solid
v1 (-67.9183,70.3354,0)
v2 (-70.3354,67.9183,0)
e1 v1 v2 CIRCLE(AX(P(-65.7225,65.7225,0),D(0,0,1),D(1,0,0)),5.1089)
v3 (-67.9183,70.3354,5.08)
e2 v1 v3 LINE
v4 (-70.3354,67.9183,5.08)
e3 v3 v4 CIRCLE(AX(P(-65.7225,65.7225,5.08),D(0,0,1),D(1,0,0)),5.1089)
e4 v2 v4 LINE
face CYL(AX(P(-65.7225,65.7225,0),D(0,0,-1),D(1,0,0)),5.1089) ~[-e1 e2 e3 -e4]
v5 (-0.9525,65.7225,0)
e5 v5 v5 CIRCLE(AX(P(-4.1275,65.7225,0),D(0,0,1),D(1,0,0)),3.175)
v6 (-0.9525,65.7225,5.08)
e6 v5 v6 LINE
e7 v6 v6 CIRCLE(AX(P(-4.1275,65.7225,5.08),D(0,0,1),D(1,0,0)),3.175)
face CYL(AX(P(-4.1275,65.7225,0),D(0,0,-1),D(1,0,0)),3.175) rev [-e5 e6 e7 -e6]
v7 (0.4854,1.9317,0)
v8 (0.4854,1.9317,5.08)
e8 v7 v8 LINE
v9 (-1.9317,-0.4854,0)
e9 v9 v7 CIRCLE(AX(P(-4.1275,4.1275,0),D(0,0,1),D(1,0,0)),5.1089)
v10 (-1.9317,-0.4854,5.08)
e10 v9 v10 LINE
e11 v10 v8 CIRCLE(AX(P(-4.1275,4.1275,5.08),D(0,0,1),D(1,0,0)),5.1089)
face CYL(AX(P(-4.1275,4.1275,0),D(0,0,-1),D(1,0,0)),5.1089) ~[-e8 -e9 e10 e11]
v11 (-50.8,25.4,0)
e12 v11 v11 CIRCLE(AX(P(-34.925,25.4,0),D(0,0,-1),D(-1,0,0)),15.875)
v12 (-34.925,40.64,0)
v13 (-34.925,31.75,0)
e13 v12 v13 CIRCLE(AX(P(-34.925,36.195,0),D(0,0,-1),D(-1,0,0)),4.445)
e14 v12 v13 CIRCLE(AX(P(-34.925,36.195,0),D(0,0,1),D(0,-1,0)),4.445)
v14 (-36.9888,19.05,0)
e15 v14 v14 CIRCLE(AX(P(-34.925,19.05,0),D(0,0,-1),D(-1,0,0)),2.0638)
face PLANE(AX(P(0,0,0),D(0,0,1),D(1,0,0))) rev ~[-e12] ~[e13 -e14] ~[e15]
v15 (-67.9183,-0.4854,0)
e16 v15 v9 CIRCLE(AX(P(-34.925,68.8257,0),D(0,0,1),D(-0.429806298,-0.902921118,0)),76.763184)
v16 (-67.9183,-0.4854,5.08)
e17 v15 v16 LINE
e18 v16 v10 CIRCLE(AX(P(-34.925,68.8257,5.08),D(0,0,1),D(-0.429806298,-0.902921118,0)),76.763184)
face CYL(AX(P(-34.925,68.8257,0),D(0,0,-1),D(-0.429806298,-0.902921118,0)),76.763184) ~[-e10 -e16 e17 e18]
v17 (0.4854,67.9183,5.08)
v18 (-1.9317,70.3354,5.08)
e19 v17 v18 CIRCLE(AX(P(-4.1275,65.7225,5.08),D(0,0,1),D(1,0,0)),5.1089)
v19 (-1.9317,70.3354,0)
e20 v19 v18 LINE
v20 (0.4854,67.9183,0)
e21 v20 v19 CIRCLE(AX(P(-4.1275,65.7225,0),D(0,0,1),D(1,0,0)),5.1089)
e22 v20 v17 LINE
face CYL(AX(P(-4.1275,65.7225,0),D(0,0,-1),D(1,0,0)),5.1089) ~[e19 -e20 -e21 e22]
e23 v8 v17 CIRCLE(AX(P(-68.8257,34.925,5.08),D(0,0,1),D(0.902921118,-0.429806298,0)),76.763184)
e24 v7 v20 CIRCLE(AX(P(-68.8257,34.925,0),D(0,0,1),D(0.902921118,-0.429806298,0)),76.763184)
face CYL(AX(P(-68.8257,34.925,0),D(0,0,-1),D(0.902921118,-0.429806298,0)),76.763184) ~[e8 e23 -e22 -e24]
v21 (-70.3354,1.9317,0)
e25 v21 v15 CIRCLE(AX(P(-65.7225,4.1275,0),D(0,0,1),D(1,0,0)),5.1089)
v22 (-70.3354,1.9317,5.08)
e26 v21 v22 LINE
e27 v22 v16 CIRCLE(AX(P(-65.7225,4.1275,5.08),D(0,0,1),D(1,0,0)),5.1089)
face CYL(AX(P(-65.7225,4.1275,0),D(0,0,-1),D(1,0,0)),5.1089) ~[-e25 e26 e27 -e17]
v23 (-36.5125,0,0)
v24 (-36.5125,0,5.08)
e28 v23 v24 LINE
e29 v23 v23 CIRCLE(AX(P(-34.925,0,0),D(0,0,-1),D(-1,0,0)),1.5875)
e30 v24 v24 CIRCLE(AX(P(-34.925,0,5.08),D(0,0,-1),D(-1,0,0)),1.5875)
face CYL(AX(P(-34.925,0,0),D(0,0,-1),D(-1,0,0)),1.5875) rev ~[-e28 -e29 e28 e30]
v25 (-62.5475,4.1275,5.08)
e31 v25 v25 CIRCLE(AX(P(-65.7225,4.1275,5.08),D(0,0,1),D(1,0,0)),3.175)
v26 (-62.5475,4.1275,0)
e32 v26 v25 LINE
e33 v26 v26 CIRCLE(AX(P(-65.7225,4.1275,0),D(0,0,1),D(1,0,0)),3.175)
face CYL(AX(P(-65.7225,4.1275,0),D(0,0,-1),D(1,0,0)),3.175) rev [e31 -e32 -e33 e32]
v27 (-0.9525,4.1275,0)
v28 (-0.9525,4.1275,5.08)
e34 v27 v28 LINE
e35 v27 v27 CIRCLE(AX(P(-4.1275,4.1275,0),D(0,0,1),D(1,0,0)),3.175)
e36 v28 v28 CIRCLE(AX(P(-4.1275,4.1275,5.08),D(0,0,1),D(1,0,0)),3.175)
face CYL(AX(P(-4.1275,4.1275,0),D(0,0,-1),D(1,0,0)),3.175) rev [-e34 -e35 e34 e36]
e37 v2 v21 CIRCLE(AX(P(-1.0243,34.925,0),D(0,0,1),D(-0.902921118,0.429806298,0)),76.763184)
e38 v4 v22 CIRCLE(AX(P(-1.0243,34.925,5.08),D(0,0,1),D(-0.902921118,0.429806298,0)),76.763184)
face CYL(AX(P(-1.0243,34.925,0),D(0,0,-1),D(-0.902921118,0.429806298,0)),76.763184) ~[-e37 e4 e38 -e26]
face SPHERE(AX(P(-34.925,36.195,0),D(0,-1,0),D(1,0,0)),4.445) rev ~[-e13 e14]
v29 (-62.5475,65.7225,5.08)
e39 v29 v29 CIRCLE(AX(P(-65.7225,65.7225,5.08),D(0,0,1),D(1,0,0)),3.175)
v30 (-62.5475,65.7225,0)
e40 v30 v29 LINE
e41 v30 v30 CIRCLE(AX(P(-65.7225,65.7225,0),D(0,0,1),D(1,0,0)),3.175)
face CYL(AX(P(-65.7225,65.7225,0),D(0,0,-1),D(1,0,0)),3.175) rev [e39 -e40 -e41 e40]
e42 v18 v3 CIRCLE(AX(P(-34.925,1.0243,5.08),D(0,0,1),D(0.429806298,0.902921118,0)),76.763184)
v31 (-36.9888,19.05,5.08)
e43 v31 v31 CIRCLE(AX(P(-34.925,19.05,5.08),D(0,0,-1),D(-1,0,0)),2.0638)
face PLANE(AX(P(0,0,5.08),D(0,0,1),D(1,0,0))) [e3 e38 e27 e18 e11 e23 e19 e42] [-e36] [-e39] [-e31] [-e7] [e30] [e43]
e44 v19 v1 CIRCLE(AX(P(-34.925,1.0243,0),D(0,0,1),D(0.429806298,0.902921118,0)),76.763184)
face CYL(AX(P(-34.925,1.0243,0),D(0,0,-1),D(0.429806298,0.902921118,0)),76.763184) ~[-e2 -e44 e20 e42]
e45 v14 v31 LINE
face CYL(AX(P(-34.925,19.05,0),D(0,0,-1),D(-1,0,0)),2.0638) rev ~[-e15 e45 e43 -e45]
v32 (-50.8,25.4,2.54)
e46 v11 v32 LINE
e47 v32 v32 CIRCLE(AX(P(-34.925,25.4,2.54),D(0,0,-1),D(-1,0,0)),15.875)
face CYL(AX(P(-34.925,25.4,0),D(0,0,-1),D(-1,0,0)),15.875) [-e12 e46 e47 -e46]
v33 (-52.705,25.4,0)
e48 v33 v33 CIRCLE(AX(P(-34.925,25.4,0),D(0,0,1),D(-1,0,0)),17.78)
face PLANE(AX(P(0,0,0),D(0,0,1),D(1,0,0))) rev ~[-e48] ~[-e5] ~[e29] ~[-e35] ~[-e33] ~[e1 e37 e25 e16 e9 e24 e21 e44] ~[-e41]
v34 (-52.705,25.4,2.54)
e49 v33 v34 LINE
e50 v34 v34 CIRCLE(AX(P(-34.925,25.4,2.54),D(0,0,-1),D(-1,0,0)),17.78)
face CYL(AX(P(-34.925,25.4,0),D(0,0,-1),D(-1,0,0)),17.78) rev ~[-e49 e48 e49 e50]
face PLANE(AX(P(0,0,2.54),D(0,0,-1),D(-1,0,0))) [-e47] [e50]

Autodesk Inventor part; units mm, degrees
ref_plane "YZ Plane" through (0, 0, 0) normal (1, 0, 0) x (0, 1, 0)
ref_plane "XZ Plane" through (0, 0, 0) normal (0, 1, 0) x (-1, 0, 0)
ref_plane "XY Plane" through (0, 0, 0) normal (0, 0, 1) x (1, 0, 0)
sketch "Sketch1" plane through (0, 0, 0) normal (0, 0, 1) x (1, 0, 0)
  circle A0 centre (-65.7225, 65.7225) radius 3.175
  circle A1 centre (-4.1275, 65.7225) radius 3.175
  circle A2 centre (-4.1275, 4.1275) radius 3.175
  circle A3 centre (-65.7225, 4.1275) radius 3.175
  arc A4 (-67.9183, -0.4854) -> (-1.9317, -0.4854) centre (-34.925, 68.8257) ccw
  arc A5 (-1.9317, 70.3354) -> (-67.9183, 70.3354) centre (-34.925, 1.0243) ccw
  arc A6 (-70.3354, 67.9183) -> (-70.3354, 1.9317) centre (-1.0243, 34.925) ccw
  arc A7 (0.4854, 1.9317) -> (0.4854, 67.9183) centre (-68.8257, 34.925) ccw
  circle A8 centre (-65.7225, 65.7225) radius 5.1089
  circle A9 centre (-4.1275, 65.7225) radius 5.1089
  circle A10 centre (-65.7225, 4.1275) radius 5.1089
  circle A11 centre (-4.1275, 4.1275) radius 5.1089
  arc A12 (-69.85, 62.7118) -> (-69.85, 7.1382) centre (-1.0243, 34.925) ccw
  arc A13 (-7.1382, 69.85) -> (-62.7118, 69.85) centre (-34.925, 1.0243) ccw
  arc A14 (0, 7.1382) -> (0, 62.7118) centre (-68.8257, 34.925) ccw
  arc A15 (-62.7118, 0) -> (-7.1382, 0) centre (-34.925, 68.8257) ccw
  point P0 (0, 0)
  point P1 (-34.925, 77.7875)
  point P2 (-34.925, -7.9375)
  point P3 (-77.7875, 34.925)
  point P4 (7.9375, 34.925)
  point P5 (-34.925, 77.7875)
  point P6 (-34.925, -7.9375)
  dimension "d36" = 6.35
  dimension "d37" = 61.595
  dimension "d38" = 61.595
  dimension "d39" = 85.725
  dimension "d40" = 2.54
  dimension "d41" = 2.54
  dimension "d42" = 2.54
  dimension "d43" = 2.54
  dimension "d44" = 67.8014
  dimension "d45" = 67.8014
extrude "Extrusion1" add sketch "Sketch1" along normal blind 5.08
sketch "Sketch2" plane through (0, 0, 0) normal (0, 0, -1) x (-1, 0, 0)
  circle A0 centre (34.925, 25.4) radius 17.78
  circle A1 centre (34.925, 25.4) radius 15.875
  circle A2 centre (34.925, 19.05) radius 2.0638
  circle A3 centre (34.925, 0) radius 1.5875
  circle A4 centre (34.925, 36.195) radius 4.445
  line L0 (34.925, 40.64) -> (34.925, 31.75)
  circle A5 centre (4.1275, 4.1275) radius 3.175 projected
  circle A6 centre (65.7225, 4.1275) radius 3.175 projected
  circle A7 centre (4.1275, 65.7225) radius 3.175 projected
  circle A8 centre (65.7225, 65.7225) radius 3.175 projected
  arc A9 (1.9317, -0.4854) -> (67.9183, -0.4854) centre (34.925, 68.8257) ccw projected
  arc A10 (67.9183, -0.4854) -> (70.3354, 1.9317) centre (65.7225, 4.1275) ccw projected
  arc A11 (70.3354, 1.9317) -> (70.3354, 67.9183) centre (1.0243, 34.925) ccw projected
  arc A12 (70.3354, 67.9183) -> (67.9183, 70.3354) centre (65.7225, 65.7225) ccw projected
  arc A13 (67.9183, 70.3354) -> (1.9317, 70.3354) centre (34.925, 1.0243) ccw projected
  arc A14 (1.9317, 70.3354) -> (-0.4854, 67.9183) centre (4.1275, 65.7225) ccw projected
  arc A15 (-0.4854, 67.9183) -> (-0.4854, 1.9317) centre (68.8257, 34.925) ccw projected
  arc A16 (-0.4854, 1.9317) -> (1.9317, -0.4854) centre (4.1275, 4.1275) ccw projected
  line L1 (50.8794, 25.4) -> (50.8794, 6.1059) projected
  arc A17 (50.8794, 25.4) -> (18.9706, 25.4) centre (34.925, 25.4) ccw projected
  line L2 (18.9706, 6.1059) -> (18.9706, 25.4) projected
  spline S0 degree 3 poles (14.9225, 8.7528) (15.0016, 8.6923) (15.081, 8.6322) (15.1606, 8.5725) (15.5075, 8.3124) (15.8596, 8.059) (16.5735, 7.5663) (16.9354, 7.3271) (17.3017, 7.0951) (17.668, 6.8631) (18.039, 6.6383) (18.5987, 6.3141) (18.7842, 6.2091) (18.9706, 6.1059) knots -0.55013 -0.55013 -0.55013 -0.55013 -0.52027 -0.52027 -0.52027 -0.390203 -0.390203 -0.260135 -0.260135 -0.260135 -0.130068 -0.130068 -0.066158 -0.066158 -0.066158 -0.066158 projected
  line L3 (14.9225, 8.7528) -> (14.9225, 25.4) projected
  arc A18 (54.9275, 25.4) -> (14.9225, 25.4) centre (34.925, 25.4) ccw projected
  line L4 (54.9275, 25.4) -> (54.9275, 8.7528) projected
  spline S1 degree 3 poles (50.8794, 6.1059) (51.0658, 6.2091) (51.2512, 6.3141) (51.811, 6.6383) (52.182, 6.8631) (52.5483, 7.0951) (52.9146, 7.3271) (53.2764, 7.5663) (53.9904, 8.059) (54.3425, 8.3124) (54.6894, 8.5725) (54.769, 8.6322) (54.8484, 8.6923) (54.9275, 8.7528) knots -0.454112 -0.454112 -0.454112 -0.454112 -0.390203 -0.390203 -0.260135 -0.260135 -0.260135 -0.130068 -0.130068 0 0 0 0.029861 0.029861 0.029861 0.029861 projected
  point P0 (34.925, 36.195)
  dimension "d10" = 1.905
  dimension "d11" = 35.56
  dimension "d15" = 4.1275
  dimension "d18" = 3.175
  dimension "d19" = 19.05
  dimension "d21" = 17.145
  dimension "d22" = 8.89
  dimension "d46" = 10.795
  dimension "d47" = 6.35
extrude "Extrusion2" cut sketch "Sketch2" against normal blind 2.54 contours A0 L1 A17 L2 | L2 A17 L1 A0
extrude "Extrusion3" cut sketch "Sketch2" along normal through all both and the other way through all contours A2 | A3
revolve "Revolution1" cut sketch "Sketch2" angle 360 about axis through (-34.925, 40.64, 0) along (0, -1, 0) picked at (34.5704, 34.7564) contours L0 A4
properties part number "Between Seal 1764"
